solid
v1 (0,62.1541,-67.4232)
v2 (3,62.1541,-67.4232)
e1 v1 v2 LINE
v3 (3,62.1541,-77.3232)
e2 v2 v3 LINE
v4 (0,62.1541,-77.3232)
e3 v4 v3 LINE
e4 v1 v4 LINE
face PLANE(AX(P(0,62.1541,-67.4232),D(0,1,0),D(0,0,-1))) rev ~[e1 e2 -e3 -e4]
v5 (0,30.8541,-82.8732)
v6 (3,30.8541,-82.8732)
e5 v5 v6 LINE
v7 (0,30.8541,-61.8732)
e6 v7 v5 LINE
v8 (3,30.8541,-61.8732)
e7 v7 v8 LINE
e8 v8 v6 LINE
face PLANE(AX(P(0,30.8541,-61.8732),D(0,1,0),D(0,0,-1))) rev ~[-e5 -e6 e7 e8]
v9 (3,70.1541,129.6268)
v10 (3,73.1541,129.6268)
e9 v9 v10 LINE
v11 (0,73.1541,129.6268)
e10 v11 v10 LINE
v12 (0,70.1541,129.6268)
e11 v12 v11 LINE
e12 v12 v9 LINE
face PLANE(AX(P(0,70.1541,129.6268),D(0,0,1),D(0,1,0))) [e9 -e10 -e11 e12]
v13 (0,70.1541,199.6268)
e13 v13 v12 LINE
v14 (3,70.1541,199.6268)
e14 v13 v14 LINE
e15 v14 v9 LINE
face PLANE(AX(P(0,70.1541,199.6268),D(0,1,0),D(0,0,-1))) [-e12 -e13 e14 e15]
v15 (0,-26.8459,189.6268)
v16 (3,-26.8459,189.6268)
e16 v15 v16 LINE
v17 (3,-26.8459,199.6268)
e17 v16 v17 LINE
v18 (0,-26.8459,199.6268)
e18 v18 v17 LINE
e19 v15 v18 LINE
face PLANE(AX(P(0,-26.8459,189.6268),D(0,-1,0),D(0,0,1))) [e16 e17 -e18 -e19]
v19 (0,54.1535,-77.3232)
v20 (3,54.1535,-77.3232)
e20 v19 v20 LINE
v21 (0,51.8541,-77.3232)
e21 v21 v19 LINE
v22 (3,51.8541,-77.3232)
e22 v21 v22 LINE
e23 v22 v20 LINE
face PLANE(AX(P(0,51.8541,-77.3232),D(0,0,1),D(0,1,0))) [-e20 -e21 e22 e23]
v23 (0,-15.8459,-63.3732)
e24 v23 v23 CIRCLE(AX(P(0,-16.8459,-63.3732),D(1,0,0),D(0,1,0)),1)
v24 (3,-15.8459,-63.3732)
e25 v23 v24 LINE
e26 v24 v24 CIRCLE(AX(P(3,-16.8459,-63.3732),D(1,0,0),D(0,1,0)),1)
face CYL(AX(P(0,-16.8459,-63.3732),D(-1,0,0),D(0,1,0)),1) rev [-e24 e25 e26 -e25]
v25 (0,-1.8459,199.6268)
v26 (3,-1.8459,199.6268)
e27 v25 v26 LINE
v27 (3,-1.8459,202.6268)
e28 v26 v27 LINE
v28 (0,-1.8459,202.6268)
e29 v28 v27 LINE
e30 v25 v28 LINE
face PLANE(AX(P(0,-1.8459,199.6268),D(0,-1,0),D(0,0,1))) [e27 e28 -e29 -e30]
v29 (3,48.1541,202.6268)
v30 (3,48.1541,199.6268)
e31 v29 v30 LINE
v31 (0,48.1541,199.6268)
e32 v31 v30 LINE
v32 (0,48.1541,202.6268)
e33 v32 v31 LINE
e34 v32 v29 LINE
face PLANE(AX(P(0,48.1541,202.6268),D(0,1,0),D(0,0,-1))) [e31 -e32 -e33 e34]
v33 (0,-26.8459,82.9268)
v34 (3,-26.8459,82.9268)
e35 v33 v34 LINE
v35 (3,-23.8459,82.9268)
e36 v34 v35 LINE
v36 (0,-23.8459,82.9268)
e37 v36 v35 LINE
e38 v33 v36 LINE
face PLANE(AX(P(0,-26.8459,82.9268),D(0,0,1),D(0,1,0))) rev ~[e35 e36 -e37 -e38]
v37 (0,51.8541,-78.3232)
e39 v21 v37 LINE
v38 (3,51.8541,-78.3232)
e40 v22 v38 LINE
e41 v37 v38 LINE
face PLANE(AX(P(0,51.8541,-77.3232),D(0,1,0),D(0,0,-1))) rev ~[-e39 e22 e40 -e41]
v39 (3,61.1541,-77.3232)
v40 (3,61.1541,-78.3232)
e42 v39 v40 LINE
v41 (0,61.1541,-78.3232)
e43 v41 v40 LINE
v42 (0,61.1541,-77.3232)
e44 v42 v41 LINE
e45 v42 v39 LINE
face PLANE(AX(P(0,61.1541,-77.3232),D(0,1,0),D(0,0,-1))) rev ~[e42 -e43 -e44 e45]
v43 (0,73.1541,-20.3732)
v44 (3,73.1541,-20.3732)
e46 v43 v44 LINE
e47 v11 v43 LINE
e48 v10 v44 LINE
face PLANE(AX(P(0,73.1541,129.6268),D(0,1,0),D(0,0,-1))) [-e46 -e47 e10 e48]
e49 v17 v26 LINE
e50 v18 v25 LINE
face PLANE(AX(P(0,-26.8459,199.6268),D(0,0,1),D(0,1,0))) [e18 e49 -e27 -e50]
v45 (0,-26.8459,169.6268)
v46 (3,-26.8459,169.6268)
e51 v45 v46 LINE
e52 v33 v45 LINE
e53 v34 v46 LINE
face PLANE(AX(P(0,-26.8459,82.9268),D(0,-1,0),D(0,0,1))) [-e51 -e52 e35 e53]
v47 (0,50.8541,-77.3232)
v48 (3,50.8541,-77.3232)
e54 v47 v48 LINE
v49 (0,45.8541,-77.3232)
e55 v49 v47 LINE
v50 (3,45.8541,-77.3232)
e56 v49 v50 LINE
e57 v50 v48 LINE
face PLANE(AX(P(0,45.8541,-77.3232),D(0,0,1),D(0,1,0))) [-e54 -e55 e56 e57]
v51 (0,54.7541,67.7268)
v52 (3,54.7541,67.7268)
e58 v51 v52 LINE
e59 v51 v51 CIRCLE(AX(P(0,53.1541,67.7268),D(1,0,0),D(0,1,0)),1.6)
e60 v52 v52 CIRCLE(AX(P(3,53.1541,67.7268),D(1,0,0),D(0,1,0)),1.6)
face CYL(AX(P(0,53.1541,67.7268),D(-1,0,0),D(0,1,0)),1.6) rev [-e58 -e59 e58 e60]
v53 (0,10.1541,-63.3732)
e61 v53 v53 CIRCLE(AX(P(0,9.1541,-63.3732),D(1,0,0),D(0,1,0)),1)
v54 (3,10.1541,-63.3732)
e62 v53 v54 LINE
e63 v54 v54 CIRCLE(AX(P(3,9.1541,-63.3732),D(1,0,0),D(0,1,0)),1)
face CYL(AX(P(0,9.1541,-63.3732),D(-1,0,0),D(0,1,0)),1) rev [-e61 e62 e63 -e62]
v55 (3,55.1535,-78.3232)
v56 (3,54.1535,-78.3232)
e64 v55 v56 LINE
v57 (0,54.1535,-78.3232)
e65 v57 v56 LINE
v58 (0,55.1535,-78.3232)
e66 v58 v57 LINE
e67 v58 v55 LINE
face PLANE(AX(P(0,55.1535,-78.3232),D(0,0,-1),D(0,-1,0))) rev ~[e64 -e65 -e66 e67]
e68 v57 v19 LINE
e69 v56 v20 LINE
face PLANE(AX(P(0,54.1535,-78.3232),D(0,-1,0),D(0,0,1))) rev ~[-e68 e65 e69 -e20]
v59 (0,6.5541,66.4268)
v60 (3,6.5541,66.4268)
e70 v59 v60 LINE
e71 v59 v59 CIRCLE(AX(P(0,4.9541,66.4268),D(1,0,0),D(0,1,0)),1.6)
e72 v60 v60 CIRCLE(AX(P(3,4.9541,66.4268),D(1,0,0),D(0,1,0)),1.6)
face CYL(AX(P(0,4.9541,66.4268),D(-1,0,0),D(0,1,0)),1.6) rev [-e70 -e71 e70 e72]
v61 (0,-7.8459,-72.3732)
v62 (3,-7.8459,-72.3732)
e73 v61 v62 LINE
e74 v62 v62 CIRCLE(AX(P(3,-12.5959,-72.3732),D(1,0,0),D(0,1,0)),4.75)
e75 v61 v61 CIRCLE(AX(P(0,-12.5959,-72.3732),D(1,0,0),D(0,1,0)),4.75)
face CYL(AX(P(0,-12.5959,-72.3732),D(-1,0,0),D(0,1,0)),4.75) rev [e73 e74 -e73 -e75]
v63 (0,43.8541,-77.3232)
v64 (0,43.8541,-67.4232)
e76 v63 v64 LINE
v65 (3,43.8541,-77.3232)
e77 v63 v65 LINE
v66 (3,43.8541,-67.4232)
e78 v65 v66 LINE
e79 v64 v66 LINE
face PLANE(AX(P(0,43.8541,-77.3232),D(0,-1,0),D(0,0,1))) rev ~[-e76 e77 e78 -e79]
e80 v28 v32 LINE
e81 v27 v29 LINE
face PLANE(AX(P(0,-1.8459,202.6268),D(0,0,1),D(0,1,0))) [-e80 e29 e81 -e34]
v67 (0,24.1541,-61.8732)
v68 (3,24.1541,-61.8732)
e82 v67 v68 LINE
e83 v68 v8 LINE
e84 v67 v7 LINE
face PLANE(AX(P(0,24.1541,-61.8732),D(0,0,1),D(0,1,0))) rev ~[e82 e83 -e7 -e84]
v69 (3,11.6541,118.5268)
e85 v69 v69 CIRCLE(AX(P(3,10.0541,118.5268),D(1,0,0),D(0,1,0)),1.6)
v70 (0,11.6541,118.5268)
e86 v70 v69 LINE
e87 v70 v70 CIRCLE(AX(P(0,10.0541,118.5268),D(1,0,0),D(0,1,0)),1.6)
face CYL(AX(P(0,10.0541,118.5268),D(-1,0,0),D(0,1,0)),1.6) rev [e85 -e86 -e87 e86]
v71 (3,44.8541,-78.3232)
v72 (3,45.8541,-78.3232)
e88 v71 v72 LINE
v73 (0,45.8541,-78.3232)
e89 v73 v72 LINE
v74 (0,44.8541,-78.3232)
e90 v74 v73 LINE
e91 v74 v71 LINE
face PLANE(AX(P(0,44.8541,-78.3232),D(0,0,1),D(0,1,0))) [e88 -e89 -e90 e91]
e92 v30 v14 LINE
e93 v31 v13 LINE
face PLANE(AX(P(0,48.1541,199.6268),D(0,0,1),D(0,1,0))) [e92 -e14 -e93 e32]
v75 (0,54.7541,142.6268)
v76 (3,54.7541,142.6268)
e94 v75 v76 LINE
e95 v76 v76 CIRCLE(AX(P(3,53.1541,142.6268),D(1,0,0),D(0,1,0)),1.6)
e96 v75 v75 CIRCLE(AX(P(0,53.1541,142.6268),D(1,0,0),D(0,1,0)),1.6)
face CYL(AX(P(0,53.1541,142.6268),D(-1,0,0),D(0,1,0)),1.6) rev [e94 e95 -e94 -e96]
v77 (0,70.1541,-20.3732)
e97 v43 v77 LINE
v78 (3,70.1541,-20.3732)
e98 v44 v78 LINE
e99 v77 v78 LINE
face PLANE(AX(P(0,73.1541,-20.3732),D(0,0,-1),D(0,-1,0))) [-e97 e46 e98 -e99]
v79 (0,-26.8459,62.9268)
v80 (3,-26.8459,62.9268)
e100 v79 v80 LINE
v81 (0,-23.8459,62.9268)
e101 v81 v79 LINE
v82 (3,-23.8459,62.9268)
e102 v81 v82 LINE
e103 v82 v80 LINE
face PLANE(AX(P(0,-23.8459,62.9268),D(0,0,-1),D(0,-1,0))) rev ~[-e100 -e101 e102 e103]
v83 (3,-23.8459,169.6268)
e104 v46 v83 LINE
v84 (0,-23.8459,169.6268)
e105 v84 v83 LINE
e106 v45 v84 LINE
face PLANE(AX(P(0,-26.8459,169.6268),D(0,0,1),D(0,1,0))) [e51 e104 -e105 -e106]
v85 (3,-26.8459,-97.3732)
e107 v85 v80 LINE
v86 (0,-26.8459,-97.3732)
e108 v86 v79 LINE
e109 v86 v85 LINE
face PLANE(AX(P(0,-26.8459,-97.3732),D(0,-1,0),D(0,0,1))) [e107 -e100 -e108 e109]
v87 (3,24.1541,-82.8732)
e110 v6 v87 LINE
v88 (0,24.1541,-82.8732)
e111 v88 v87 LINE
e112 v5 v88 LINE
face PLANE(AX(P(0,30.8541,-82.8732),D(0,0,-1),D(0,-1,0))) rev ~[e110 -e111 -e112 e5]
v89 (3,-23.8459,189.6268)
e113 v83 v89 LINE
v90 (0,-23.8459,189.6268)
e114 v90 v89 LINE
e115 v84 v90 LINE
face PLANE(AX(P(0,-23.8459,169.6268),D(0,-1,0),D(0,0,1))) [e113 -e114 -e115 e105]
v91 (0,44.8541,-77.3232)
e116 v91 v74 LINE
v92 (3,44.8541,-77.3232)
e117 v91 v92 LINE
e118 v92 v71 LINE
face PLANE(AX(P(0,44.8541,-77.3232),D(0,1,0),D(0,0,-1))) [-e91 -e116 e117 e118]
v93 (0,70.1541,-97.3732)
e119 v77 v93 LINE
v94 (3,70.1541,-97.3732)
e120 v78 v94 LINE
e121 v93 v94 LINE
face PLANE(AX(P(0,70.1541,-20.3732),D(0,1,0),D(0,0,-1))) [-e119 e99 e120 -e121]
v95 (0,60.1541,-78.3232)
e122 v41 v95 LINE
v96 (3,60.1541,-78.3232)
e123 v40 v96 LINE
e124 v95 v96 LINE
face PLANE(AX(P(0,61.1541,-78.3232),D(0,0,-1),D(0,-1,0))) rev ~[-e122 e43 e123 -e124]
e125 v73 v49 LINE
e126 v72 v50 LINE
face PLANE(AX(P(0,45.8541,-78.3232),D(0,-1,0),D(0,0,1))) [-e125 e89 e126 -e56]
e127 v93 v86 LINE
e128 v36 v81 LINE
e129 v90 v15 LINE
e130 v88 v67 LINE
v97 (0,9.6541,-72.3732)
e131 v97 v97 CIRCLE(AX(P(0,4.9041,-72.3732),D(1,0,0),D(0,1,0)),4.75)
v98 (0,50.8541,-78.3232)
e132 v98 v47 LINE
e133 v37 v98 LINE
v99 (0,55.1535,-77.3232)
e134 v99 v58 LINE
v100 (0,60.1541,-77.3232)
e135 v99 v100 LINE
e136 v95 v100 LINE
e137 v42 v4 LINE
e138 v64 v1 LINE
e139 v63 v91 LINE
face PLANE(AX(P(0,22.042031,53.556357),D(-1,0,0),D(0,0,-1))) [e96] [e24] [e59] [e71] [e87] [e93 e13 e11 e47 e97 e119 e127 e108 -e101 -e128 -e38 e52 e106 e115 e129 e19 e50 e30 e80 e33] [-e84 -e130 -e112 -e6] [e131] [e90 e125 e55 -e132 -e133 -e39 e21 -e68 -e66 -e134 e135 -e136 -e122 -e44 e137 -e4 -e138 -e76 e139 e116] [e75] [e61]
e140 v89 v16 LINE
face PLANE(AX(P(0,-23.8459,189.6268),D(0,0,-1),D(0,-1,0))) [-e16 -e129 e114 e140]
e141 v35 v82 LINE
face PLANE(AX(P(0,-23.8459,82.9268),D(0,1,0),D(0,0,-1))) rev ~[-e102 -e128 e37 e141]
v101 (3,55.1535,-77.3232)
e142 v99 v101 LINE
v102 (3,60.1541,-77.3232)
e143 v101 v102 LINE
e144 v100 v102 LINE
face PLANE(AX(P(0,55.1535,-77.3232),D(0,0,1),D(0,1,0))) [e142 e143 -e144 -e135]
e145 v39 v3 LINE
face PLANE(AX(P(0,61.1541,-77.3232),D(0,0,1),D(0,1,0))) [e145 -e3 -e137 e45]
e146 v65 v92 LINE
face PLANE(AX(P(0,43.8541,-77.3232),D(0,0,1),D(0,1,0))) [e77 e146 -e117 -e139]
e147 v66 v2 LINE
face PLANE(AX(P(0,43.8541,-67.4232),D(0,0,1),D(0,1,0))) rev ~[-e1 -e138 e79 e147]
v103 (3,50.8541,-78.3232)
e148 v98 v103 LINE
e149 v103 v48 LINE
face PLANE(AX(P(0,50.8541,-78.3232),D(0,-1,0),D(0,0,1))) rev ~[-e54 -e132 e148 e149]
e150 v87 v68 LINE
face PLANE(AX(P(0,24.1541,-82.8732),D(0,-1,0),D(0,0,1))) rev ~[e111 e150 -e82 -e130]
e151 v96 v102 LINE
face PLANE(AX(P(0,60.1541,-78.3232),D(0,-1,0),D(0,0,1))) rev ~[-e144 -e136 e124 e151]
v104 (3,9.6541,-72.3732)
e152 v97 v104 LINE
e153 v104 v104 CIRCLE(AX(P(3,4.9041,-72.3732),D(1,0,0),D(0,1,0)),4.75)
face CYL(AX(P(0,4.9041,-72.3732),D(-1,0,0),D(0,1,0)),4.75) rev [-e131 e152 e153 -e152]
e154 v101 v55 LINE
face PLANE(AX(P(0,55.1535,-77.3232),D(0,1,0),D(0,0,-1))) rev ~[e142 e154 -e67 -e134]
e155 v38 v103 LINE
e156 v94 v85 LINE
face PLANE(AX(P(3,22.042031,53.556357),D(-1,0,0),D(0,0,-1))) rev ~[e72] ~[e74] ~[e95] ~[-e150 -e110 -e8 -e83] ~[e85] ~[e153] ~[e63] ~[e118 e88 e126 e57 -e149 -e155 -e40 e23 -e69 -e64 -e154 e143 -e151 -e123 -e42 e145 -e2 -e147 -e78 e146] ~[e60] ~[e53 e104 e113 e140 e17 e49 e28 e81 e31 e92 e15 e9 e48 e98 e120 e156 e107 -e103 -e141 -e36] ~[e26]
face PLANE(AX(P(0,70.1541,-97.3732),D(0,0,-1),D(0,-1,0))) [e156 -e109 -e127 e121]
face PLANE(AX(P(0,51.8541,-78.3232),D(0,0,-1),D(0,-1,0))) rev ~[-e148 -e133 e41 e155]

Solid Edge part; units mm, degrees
sketch "Sketch1" plane through (0, 0, 0) normal (1, 0, 0) x (0, 1, 0)
  circle A0 centre (10.0541, 118.5268) radius 1.6
  circle A1 centre (53.1541, 142.6268) radius 1.6
  circle A2 centre (53.1541, 67.7268) radius 1.6
  circle A3 centre (4.9541, 66.4268) radius 1.6
  line L0 (24.1541, -61.8732) -> (30.8541, -61.8732)
  line L1 (30.8541, -61.8732) -> (30.8541, -82.8732)
  line L2 (30.8541, -82.8732) -> (24.1541, -82.8732)
  line L3 (24.1541, -82.8732) -> (24.1541, -61.8732)
  circle A4 centre (4.9041, -72.3732) radius 4.75
  circle A5 centre (-12.5959, -72.3732) radius 4.75
  line L4 (44.8541, -77.3232) -> (44.8541, -78.3232)
  line L5 (44.8541, -78.3232) -> (45.8541, -78.3232)
  line L6 (45.8541, -78.3232) -> (45.8541, -77.3232)
  line L7 (45.8541, -77.3232) -> (50.8541, -77.3232)
  line L8 (50.8541, -78.3232) -> (50.8541, -77.3232)
  line L9 (51.8541, -78.3232) -> (50.8541, -78.3232)
  line L10 (51.8541, -77.3232) -> (51.8541, -78.3232)
  line L11 (51.8541, -77.3232) -> (54.1535, -77.3232)
  line L12 (54.1535, -78.3232) -> (54.1535, -77.3232)
  line L13 (55.1535, -78.3232) -> (54.1535, -78.3232)
  line L14 (55.1535, -77.3232) -> (55.1535, -78.3232)
  line L15 (55.1535, -77.3232) -> (60.1541, -77.3232)
  line L16 (60.1541, -78.3232) -> (60.1541, -77.3232)
  line L17 (61.1541, -78.3232) -> (60.1541, -78.3232)
  line L18 (61.1541, -77.3232) -> (61.1541, -78.3232)
  line L19 (61.1541, -77.3232) -> (62.1541, -77.3232)
  line L20 (62.1541, -67.4232) -> (62.1541, -77.3232)
  line L21 (43.8541, -67.4232) -> (62.1541, -67.4232)
  line L22 (43.8541, -77.3232) -> (43.8541, -67.4232)
  line L23 (43.8541, -77.3232) -> (44.8541, -77.3232)
  circle A6 centre (-16.8459, -63.3732) radius 1
  circle A7 centre (9.1541, -63.3732) radius 1
  line L24 (-26.8459, 199.6268) -> (-1.8459, 199.6268)
  line L25 (-1.8459, 199.6268) -> (-1.8459, 202.6268)
  line L26 (-1.8459, 202.6268) -> (48.1541, 202.6268)
  line L27 (48.1541, 202.6268) -> (48.1541, 199.6268)
  line L28 (48.1541, 199.6268) -> (70.1541, 199.6268)
  line L29 (70.1541, 199.6268) -> (70.1541, 129.6268)
  line L30 (70.1541, 129.6268) -> (73.1541, 129.6268)
  line L31 (73.1541, 129.6268) -> (73.1541, -20.3732)
  line L32 (73.1541, -20.3732) -> (70.1541, -20.3732)
  line L33 (70.1541, -20.3732) -> (70.1541, -97.3732)
  line L34 (70.1541, -97.3732) -> (-26.8459, -97.3732)
  line L35 (-26.8459, -97.3732) -> (-26.8459, 62.9268)
  line L36 (-23.8459, 62.9268) -> (-26.8459, 62.9268)
  line L37 (-23.8459, 82.9268) -> (-23.8459, 62.9268)
  line L38 (-26.8459, 82.9268) -> (-23.8459, 82.9268)
  line L39 (-26.8459, 82.9268) -> (-26.8459, 169.6268)
  line L40 (-26.8459, 169.6268) -> (-23.8459, 169.6268)
  line L41 (-23.8459, 169.6268) -> (-23.8459, 189.6268)
  line L42 (-23.8459, 189.6268) -> (-26.8459, 189.6268)
  line L43 (-26.8459, 189.6268) -> (-26.8459, 199.6268)
  dimension "D1" = 3
  dimension "D2" = 3
  dimension "D3" = 20
  dimension "D4" = 300
  dimension "D5" = 100
  dimension "D6" = 50
  dimension "D7" = 25
  dimension "D8" = 70
  dimension "D9" = 150
  dimension "D10" = 10
  dimension "D11" = 86.7
  dimension "D12" = 48.2
  dimension "D13" = 74.9
  dimension "D14" = 43.1
  dimension "D15" = 50.8
  dimension "D16" = 1.3
  dimension "D17" = 3.2
  dimension "D18" = 60
  dimension "D19" = 20
  dimension "D20" = 21
  dimension "D21" = 6.7
  dimension "D22" = 9.5
  dimension "D23" = 9.5
  dimension "D24" = 27
  dimension "D25" = 18.3
  dimension "D26" = 9.9
  dimension "D27" = 2
  dimension "D28" = 2
  dimension "D29" = 8
  dimension "D30" = 1
  dimension "D31" = 1
  dimension "D32" = 1
  dimension "D33" = 7
extrude "Protrusion1" add sketch "Sketch1" along normal blind 3
properties material "Acier"
